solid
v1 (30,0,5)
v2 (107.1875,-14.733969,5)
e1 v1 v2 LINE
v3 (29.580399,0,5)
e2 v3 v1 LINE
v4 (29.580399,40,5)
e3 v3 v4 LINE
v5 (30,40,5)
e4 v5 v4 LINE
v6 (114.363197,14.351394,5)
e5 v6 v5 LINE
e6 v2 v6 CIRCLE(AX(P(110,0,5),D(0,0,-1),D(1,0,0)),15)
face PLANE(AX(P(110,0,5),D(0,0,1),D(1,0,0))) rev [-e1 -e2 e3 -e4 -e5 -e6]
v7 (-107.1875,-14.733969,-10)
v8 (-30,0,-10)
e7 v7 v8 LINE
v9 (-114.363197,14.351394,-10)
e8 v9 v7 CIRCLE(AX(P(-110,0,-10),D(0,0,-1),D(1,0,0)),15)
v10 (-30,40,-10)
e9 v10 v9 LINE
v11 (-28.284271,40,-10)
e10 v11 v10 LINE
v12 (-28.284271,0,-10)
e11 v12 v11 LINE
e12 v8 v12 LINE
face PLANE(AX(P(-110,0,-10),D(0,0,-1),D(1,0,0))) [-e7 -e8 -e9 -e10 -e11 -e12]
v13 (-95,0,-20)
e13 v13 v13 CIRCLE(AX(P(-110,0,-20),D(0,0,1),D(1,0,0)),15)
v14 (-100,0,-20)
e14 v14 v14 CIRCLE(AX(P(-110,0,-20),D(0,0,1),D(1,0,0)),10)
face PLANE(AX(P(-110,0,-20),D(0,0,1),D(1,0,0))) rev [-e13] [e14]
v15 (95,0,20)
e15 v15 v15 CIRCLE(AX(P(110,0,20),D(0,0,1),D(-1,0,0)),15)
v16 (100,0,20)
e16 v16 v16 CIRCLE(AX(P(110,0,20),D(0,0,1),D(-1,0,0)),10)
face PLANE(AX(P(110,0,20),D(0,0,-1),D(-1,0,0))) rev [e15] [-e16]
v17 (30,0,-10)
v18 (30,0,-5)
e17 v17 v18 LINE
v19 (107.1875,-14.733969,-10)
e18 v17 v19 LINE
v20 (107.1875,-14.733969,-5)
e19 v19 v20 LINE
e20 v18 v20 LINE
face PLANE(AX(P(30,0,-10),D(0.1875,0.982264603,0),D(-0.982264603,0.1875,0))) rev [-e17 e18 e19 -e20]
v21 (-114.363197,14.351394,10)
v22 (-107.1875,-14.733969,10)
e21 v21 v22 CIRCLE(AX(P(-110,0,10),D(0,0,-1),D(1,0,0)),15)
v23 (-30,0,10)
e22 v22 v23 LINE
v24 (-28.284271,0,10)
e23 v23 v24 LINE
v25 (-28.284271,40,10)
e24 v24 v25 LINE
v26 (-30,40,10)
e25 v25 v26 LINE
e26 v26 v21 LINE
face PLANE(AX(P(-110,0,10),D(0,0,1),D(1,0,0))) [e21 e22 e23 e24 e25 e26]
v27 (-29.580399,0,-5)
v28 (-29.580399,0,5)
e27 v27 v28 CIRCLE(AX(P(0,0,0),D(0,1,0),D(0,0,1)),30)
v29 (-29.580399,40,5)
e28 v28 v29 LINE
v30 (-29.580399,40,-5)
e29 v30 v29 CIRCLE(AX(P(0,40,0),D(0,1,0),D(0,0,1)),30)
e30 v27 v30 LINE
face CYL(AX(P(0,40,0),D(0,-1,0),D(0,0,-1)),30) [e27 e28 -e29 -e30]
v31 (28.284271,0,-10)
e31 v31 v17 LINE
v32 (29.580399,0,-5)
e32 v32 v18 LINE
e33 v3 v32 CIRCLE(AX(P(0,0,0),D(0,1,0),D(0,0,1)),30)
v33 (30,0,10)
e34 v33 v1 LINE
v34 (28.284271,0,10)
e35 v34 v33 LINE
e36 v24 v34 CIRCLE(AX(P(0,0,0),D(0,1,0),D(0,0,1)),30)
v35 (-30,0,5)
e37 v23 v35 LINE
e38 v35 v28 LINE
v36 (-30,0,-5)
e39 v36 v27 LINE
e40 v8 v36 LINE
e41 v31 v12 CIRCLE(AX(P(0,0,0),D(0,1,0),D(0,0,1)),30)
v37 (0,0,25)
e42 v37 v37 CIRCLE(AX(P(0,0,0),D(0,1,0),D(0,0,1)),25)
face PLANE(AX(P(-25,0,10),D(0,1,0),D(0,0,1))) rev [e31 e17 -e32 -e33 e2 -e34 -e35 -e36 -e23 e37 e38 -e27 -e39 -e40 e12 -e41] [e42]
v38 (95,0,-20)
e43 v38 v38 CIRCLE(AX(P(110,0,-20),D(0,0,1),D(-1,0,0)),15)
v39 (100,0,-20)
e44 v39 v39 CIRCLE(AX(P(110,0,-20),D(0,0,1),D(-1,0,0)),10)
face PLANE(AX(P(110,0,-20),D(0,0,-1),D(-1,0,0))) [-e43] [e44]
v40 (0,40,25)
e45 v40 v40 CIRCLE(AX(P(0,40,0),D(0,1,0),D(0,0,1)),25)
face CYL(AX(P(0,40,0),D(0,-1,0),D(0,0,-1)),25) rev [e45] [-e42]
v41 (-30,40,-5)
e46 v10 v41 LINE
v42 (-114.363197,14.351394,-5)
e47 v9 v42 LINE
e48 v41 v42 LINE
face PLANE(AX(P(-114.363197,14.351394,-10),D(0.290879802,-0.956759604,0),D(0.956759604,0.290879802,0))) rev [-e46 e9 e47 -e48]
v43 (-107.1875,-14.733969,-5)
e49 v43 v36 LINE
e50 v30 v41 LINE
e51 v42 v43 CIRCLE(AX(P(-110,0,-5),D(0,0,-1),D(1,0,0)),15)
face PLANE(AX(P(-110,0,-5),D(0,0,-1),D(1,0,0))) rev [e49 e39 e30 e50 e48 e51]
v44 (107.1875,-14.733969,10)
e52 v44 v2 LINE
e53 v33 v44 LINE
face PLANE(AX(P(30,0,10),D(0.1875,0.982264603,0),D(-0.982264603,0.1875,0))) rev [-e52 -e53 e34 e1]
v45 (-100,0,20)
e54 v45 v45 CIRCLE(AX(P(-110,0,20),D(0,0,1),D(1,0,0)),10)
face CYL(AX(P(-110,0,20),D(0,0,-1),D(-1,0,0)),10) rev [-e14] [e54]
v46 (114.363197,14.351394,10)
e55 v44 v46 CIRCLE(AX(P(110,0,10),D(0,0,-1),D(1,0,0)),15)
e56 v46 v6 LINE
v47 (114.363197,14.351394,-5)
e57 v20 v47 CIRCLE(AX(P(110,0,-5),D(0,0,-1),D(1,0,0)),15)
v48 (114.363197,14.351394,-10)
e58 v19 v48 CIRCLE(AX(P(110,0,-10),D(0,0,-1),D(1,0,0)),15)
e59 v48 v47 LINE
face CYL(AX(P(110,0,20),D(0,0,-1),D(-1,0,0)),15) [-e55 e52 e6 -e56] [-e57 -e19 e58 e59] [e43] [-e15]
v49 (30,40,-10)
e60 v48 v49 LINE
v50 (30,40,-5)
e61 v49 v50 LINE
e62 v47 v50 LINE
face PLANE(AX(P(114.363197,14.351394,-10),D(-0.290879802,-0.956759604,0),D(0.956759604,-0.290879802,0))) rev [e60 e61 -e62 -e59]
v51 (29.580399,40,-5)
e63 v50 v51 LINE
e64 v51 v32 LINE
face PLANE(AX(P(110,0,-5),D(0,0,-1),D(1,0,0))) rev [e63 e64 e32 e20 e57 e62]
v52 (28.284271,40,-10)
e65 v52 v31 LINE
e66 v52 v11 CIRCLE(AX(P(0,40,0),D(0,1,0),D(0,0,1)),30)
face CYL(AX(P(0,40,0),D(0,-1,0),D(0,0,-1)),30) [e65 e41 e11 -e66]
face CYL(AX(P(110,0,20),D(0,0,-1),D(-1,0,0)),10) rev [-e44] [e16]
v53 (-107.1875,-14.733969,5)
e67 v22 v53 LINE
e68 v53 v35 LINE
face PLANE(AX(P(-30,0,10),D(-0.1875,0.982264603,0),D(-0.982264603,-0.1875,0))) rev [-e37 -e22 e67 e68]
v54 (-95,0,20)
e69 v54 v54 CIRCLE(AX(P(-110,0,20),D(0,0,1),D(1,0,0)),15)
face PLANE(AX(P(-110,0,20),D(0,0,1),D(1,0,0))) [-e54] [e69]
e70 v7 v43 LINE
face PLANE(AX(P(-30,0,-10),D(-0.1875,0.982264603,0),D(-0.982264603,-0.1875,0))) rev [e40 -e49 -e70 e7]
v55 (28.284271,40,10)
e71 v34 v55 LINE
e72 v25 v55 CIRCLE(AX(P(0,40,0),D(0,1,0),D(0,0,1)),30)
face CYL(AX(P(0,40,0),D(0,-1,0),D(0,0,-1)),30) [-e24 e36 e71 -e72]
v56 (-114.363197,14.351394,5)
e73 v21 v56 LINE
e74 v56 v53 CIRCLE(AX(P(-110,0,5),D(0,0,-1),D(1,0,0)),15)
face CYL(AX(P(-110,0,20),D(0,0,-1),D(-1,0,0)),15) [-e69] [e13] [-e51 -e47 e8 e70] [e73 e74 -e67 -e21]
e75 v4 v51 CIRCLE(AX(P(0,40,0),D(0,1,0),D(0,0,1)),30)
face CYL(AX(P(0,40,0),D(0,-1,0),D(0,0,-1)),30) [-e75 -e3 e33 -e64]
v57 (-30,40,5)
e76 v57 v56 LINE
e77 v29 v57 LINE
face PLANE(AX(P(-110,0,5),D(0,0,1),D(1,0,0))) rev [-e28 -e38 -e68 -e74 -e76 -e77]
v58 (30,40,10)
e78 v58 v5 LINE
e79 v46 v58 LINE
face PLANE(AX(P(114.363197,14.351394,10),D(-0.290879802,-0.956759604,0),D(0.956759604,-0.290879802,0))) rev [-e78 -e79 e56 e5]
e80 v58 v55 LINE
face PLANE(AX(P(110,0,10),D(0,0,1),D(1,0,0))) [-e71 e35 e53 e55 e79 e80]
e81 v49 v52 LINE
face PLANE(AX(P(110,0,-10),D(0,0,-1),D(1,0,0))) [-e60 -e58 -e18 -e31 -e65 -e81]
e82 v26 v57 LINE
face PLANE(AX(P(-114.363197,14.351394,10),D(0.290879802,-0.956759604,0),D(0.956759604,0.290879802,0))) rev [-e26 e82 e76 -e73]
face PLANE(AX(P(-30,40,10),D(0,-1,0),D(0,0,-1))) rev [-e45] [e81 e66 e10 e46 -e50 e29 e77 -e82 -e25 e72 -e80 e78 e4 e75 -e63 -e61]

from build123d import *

# Parameters (mm, degrees)
SKETCH1_R             = 30
SKETCH1_R_2           = 25
BOSS_EXTRUDE1_DEPTH   = 40
SKETCH4_R             = 15
SKETCH4_R_2           = 10
BOSS_EXTRUDE2_DEPTH   = 20
BOSS_EXTRUDE2_2_DEPTH = 20
BOSS_EXTRUDE3_START   = 5
BOSS_EXTRUDE3_DEPTH   = 5


with BuildPart() as part:
    # Sketch1 → Boss-Extrude1 (new body)
    with BuildSketch(Plane(origin=(0, 0, 0), x_dir=(1, 0, 0), z_dir=(0, 1, 0))):
        with Locations(Location((0, 0, 0), (0, 0, 270))):
            Circle(SKETCH1_R)
        with Locations(Location((0, 0, 0), (0, 0, 270))):
            Circle(SKETCH1_R_2, mode=Mode.SUBTRACT)
    extrude(amount=BOSS_EXTRUDE1_DEPTH)


with BuildPart() as body_2:
    # Sketch4 → Boss-Extrude2 (new, symmetric)
    with BuildSketch(Plane.XY):
        with Locations((-110, 0)):
            Circle(SKETCH4_R)
        with Locations((-110, 0)):
            Circle(SKETCH4_R_2, mode=Mode.SUBTRACT)
    extrude(amount=BOSS_EXTRUDE2_DEPTH, both=True)



with BuildPart() as body_3:
    # Sketch4 → Boss-Extrude2 2 (new, symmetric)
    with BuildSketch(Plane.XY):
        with Locations(Location((110, 0, 0), (0, 0, 180))):
            Circle(SKETCH4_R)
        with Locations(Location((110, 0, 0), (0, 0, 180))):
            Circle(SKETCH4_R_2, mode=Mode.SUBTRACT)
    extrude(amount=BOSS_EXTRUDE2_2_DEPTH, both=True)


with BuildPart() as body_2_1:
    add(body_2.part)

    add(body_3.part)  # Boss-Extrude3 merges body 3
    # Sketch5 → Boss-Extrude3 (add)
    with BuildSketch(Plane.XY.offset(BOSS_EXTRUDE3_START)):
        with BuildLine():
            Line((-114.363197033, 14.351394066), (-30, 40))
            Line((-30, 40), (-25, 40))
            Line((-25, 40), (-25, 0))
            Line((-25, 0), (-30, 0))
            Line((-30, 0), (-107.1875, -14.733969043))
            ThreePointArc((-107.1875, -14.733969043), (-95.436664114, 3.59294418), (-114.363197033, 14.351394066))
        make_face()
        with BuildLine():
            Line((30, 0), (107.1875, -14.733969043))
            ThreePointArc((107.1875, -14.733969043), (95.436664114, 3.59294418), (114.363197033, 14.351394066))
            Line((114.363197033, 14.351394066), (30, 40))
            Line((30, 40), (25, 40))
            Line((25, 40), (25, 0))
            Line((25, 0), (30, 0))
        make_face()
    boss_extrude3 = extrude(amount=BOSS_EXTRUDE3_DEPTH)


with BuildPart() as part_1:
    add(part.part)

    add(body_2_1.part)  # Mirror2 merges body 2
    # Mirror2: Boss-Extrude3 across plane
    add(boss_extrude3.mirror(Plane.XY))


solid = part_1.part
